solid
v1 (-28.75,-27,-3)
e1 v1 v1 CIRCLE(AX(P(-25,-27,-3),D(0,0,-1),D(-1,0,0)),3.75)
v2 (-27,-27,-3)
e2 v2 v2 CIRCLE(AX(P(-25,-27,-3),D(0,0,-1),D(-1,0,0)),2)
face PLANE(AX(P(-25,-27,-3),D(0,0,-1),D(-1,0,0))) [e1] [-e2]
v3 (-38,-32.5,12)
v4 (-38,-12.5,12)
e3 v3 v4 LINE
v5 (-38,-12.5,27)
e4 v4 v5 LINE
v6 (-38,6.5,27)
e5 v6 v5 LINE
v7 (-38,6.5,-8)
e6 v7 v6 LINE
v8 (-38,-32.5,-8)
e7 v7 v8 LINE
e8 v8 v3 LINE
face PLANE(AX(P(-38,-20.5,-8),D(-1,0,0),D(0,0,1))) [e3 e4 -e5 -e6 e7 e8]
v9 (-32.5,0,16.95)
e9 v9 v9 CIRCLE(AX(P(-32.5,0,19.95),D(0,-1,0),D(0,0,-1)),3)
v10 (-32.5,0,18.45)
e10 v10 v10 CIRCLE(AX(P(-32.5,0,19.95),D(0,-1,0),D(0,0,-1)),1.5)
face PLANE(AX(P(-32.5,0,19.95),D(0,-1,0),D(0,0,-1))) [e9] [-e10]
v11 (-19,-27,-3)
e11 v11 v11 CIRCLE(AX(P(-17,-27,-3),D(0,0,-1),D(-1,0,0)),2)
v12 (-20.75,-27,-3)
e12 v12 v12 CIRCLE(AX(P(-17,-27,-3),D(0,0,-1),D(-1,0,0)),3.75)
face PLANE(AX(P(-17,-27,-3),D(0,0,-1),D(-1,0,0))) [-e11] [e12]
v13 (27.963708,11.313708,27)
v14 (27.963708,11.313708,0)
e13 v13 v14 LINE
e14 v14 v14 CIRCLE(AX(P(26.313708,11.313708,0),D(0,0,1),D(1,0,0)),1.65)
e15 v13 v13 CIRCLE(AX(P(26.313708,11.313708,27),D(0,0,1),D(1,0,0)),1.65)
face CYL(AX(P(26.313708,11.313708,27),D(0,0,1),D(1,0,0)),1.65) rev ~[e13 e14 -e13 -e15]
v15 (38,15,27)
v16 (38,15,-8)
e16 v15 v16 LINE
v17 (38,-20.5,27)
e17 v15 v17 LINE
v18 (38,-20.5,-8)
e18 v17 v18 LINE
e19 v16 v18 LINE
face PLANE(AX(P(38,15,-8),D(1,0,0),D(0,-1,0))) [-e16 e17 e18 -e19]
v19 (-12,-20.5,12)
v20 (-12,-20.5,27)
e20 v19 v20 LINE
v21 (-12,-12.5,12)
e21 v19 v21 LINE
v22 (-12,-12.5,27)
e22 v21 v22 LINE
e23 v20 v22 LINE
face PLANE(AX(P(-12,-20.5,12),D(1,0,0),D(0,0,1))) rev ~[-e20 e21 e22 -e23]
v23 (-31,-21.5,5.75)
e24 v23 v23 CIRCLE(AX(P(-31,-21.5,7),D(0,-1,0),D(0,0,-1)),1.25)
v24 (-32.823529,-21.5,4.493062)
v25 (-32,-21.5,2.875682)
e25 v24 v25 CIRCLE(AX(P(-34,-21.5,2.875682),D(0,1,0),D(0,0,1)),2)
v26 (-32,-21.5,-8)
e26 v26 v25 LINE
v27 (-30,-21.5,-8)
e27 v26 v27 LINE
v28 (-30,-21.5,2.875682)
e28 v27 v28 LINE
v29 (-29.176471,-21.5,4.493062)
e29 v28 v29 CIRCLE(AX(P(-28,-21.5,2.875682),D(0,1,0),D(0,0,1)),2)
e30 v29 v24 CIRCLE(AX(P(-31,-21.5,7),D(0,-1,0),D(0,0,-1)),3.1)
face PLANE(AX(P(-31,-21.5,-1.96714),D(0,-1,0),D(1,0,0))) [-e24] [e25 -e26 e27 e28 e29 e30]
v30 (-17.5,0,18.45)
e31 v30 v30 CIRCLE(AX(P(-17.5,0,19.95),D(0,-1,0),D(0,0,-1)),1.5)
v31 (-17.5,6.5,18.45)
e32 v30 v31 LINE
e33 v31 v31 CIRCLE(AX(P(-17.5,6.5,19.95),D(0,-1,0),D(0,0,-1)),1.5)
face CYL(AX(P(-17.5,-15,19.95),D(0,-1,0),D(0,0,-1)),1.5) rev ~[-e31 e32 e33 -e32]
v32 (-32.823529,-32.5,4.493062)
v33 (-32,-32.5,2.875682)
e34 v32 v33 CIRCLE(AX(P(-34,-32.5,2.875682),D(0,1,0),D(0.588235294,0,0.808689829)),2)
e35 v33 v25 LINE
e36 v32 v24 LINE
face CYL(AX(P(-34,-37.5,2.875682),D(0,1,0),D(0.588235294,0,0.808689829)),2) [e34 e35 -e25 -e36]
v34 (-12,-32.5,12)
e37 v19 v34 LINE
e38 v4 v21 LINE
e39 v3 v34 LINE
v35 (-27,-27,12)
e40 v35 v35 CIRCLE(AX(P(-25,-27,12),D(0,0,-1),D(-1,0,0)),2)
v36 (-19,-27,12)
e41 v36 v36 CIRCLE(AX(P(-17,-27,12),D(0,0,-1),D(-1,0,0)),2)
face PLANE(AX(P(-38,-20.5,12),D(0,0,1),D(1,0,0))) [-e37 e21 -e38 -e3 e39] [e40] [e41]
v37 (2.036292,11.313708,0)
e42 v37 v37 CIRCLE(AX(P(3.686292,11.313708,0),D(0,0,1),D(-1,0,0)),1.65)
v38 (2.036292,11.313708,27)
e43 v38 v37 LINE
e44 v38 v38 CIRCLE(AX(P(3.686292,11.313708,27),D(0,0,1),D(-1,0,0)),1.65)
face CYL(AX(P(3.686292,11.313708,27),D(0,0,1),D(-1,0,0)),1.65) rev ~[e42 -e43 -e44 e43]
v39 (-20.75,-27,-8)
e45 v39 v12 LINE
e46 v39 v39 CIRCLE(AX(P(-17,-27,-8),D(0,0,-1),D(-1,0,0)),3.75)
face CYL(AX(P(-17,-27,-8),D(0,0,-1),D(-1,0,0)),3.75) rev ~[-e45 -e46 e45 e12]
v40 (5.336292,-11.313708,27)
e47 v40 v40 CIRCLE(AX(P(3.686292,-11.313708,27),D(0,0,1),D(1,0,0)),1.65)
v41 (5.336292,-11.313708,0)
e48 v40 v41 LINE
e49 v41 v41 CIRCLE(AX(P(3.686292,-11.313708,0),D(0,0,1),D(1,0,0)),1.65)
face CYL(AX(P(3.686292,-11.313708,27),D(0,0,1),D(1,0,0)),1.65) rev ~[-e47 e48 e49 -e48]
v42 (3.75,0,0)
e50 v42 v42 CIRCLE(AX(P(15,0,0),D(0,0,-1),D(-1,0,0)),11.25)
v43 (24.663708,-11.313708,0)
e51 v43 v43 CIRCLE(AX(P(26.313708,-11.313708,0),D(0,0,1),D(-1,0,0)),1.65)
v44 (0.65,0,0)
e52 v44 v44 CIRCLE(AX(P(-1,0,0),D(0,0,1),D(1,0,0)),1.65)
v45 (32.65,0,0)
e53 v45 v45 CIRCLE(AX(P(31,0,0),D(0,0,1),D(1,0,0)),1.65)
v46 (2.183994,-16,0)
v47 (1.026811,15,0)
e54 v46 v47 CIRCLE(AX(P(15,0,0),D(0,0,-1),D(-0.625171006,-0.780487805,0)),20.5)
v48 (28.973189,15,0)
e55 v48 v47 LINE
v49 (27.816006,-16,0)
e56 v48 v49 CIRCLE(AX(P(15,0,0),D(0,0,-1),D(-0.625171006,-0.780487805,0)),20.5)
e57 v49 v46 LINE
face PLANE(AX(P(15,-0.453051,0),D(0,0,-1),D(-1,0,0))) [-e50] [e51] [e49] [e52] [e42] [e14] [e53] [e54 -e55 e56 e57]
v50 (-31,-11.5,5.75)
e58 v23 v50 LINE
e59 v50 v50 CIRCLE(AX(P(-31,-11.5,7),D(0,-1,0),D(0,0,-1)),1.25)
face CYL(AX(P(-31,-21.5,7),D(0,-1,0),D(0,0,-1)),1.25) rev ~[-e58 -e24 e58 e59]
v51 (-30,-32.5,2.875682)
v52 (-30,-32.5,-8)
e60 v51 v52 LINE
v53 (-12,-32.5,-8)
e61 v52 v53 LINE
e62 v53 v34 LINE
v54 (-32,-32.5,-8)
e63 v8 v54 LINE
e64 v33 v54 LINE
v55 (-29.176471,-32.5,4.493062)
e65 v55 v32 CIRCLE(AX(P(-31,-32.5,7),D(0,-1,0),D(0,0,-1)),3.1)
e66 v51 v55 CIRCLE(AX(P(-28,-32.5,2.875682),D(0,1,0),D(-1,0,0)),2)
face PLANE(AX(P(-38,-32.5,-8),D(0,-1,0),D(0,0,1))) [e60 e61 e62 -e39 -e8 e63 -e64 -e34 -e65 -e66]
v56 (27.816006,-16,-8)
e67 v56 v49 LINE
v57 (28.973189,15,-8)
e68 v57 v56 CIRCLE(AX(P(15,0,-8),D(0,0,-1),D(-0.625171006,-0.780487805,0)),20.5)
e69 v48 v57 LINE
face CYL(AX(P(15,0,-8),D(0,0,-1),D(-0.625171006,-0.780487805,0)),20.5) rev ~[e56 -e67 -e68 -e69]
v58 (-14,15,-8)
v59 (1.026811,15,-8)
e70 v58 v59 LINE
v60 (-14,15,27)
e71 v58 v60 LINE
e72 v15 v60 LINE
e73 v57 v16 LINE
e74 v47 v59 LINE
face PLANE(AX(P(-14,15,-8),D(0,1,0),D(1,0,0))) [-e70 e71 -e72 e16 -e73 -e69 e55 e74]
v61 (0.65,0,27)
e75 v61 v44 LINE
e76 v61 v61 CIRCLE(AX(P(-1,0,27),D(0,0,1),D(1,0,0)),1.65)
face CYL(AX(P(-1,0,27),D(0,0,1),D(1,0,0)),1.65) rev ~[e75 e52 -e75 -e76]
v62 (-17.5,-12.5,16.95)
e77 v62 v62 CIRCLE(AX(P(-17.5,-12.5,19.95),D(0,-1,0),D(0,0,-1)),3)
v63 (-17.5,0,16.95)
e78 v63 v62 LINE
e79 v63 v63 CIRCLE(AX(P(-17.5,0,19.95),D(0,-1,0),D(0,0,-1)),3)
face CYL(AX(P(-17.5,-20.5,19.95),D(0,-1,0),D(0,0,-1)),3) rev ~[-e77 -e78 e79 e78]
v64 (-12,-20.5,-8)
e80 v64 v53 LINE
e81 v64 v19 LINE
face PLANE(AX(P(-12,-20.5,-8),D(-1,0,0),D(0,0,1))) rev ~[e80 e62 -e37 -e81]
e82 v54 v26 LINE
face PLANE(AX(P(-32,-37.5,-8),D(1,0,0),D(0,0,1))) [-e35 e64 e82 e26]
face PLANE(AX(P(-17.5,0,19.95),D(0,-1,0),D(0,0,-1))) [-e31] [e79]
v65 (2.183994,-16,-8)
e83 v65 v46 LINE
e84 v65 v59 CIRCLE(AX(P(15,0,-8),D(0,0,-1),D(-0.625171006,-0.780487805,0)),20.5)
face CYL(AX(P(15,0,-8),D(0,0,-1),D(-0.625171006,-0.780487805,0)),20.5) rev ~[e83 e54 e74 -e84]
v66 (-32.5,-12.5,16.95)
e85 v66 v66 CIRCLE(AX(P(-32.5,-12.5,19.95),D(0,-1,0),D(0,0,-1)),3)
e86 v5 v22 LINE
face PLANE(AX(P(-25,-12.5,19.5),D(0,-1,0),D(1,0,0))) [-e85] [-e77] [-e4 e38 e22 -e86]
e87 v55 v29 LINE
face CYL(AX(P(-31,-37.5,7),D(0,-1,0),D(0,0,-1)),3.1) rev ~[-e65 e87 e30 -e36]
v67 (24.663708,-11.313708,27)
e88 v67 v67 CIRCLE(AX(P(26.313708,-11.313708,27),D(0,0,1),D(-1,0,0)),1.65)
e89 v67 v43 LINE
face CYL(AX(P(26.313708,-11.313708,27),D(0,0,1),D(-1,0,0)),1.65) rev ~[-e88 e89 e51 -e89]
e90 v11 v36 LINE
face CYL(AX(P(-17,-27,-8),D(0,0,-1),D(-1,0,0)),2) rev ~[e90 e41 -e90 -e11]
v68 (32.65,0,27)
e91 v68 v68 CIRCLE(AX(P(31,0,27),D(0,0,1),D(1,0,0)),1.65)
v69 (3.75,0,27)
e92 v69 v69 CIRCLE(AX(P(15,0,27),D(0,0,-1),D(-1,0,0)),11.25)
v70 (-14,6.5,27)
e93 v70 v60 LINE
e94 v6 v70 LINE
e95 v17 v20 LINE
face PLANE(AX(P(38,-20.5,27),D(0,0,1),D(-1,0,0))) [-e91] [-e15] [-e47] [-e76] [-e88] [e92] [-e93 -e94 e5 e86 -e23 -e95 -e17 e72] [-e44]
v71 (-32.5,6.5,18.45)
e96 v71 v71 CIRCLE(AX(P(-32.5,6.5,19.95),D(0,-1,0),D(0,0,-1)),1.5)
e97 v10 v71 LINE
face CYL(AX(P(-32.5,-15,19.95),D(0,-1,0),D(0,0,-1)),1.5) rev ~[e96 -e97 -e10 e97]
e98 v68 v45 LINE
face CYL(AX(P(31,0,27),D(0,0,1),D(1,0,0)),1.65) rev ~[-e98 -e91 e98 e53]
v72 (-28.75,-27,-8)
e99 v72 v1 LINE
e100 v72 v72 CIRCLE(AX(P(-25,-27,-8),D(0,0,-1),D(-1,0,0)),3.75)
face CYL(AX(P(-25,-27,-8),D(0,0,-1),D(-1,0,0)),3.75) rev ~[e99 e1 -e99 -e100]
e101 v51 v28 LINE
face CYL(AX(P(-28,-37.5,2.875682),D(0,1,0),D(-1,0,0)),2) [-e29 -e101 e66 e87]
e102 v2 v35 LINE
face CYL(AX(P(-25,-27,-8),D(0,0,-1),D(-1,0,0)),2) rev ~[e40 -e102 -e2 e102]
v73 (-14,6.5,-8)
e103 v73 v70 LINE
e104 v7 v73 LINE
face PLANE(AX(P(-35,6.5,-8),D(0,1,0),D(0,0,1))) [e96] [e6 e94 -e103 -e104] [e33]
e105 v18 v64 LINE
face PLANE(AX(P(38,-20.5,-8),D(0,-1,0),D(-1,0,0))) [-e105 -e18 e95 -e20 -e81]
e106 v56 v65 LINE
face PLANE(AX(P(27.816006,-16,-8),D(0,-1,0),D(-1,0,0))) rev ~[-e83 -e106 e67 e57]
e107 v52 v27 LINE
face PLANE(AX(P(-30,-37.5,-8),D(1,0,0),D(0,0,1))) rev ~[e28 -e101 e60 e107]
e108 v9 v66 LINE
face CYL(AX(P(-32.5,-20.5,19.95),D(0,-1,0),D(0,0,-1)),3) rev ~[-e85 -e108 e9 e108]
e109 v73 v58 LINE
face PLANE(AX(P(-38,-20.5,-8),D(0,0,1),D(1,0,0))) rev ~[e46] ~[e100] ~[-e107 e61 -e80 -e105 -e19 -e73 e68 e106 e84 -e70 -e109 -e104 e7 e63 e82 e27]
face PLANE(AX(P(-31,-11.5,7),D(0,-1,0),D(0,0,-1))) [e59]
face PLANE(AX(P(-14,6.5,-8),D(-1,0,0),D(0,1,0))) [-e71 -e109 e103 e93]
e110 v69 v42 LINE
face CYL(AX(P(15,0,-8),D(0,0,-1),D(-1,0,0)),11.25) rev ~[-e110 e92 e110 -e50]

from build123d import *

# Parameters (mm, degrees)
SKETCH_1_W           = 70
SKETCH_1_H           = 30
EXTRUDE_1_DEPTH      = 27
CUT_EXTRUDE_1_DEPTH  = 47.679760068
SKETCH_3_R           = 1.65
CUT_EXTRUDE_2_DEPTH  = 47.679760068
SKETCH_4_W           = 21
SKETCH_4_H           = 8.5
CUT_EXTRUDE_3_DEPTH  = 47.679760068
SKETCH_7_R           = 11.25
CUT_EXTRUDE_5_DEPTH  = 47.679760068
SKETCH_8_W           = 21.5
SKETCH_8_H           = 21.5
EXTRUDE_2_DEPTH      = 8
SKETCH_10_R          = 1.5
CUT_EXTRUDE_6_DEPTH  = 54.422841557
SKETCH_12_W          = 35
SKETCH_12_H          = 21.5
EXTRUDE_3_DEPTH      = 3
SKETCH_13_R          = 3
CUT_EXTRUDE_7_DEPTH  = 15
SKETCH_14_R          = 1.65
EXTRUDE_4_DEPTH      = 27
SKETCH_15_W          = 27
SKETCH_15_H          = 30
EXTRUDE_5_DEPTH      = 3
EXTRUDE_START        = 5.5
SKETCH_16_R          = 3
EXTRUDE_6_DEPTH      = 5.5
SKETCH_22_W          = 26
SKETCH_22_H          = 15
CUT_EXTRUDE_9_DEPTH  = 8
EXTRUDE_START_2      = 8
SKETCH_20_R          = 11.25
EXTRUDE_8_DEPTH      = 8
CUT_EXTRUDE_8_DEPTH  = 8
SKETCH_23_W          = 26
SKETCH_23_H          = 20
EXTRUDE_9_DEPTH      = 17
SKETCH_24_R          = 2
CUT_EXTRUDE_10_DEPTH = 64.837684795
SKETCH_25_R          = 3.75
CUT_EXTRUDE_11_DEPTH = 5
SKETCH_26_R          = 3.1
CUT_EXTRUDE_12_DEPTH = 16
SKETCH_27_R          = 1.25
CUT_EXTRUDE_13_DEPTH = 10
SKETCH_28_W          = 2
SKETCH_28_H          = 12.06571985
CUT_EXTRUDE_14_DEPTH = 16
FILLET_1_R           = 2
SKETCH_29_W          = 20
SKETCH_29_H          = 5
CUT_EXTRUDE_15_DEPTH = 89.945207853


with BuildPart() as part:
    # 草图1 → 凸台-拉伸1 (new body)
    with BuildSketch(Plane.XY):
        Rectangle(SKETCH_1_W, SKETCH_1_H)
    extrude(amount=EXTRUDE_1_DEPTH)

    # 草图2 → 切除-拉伸1 (cut, through all)
    with BuildSketch(Plane.XY.offset(27)):
        with BuildLine():
            Line((28.228756555, -15), (35, -15))
            Line((35, -15), (35, 0))
            ThreePointArc((35, 0), (33.228756555, -8.228756555), (28.228756555, -15))
        make_face()
        with BuildLine():
            ThreePointArc((28.228756555, 15), (33.228756555, 8.228756555), (35, 0))
            Line((35, 0), (35, 15))
            Line((35, 15), (28.228756555, 15))
        make_face()
    extrude(amount=-CUT_EXTRUDE_1_DEPTH, mode=Mode.SUBTRACT)

    # 草图3 → 切除-拉伸2 (cut, through all)
    with BuildSketch(Plane.XY.offset(27)):
        with Locations((31, 0)):
            Circle(SKETCH_3_R)
        with Locations((26.313708499, 11.313708499)):
            Circle(SKETCH_3_R)
        with Locations(Location((26.313708499, -11.313708499, 0), (0, 0, 180))):
            Circle(SKETCH_3_R)
        with Locations(Location((3.686291501, 11.313708499, 0), (0, 0, 180))):
            Circle(SKETCH_3_R)
        with Locations((3.686291501, -11.313708499)):
            Circle(SKETCH_3_R)
        with Locations((-1, 0)):
            Circle(SKETCH_3_R)
    extrude(amount=-CUT_EXTRUDE_2_DEPTH, mode=Mode.SUBTRACT)

    # 草图4 → 切除-拉伸3 (cut, through all)
    with BuildSketch(Plane.XY.offset(27)):
        with Locations((-24.5, 10.75)):
            Rectangle(SKETCH_4_W, SKETCH_4_H)
    extrude(amount=-CUT_EXTRUDE_3_DEPTH, mode=Mode.SUBTRACT)

    # 草图7 → 切除-拉伸5 (cut, through all)
    with BuildSketch(Plane(origin=(0, 0, 0), x_dir=(-1, 0, 0), z_dir=(0, 0, -1))):
        with Locations((-15, 0)):
            Circle(SKETCH_7_R)
    extrude(amount=-CUT_EXTRUDE_5_DEPTH, mode=Mode.SUBTRACT)

    # 草图8 → 凸台-拉伸2 (add)
    with BuildSketch(Plane(origin=(0, 0, 0), x_dir=(-1, 0, 0), z_dir=(0, 0, -1))):
        with Locations((24.25, -4.25)):
            Rectangle(SKETCH_8_W, SKETCH_8_H)
    extrude(amount=EXTRUDE_2_DEPTH)

    # 草图10 → 切除-拉伸6 (cut, through all)
    with BuildSketch(Plane.XZ.offset(15)):
        with Locations(Location((-17.5, 19.95, 0), (0, 0, 270))):
            Circle(SKETCH_10_R)
        with Locations(Location((-32.5, 19.95, 0), (0, 0, 270))):
            Circle(SKETCH_10_R)
    extrude(amount=-CUT_EXTRUDE_6_DEPTH, mode=Mode.SUBTRACT)

    # 草图12 → 凸台-拉伸3 (add)
    with BuildSketch(Plane.ZY.offset(35)):
        with Locations((9.5, -4.25)):
            Rectangle(SKETCH_12_W, SKETCH_12_H)
    extrude(amount=EXTRUDE_3_DEPTH)

    # 草图13 → 切除-拉伸7 (cut)
    with BuildSketch(Plane.XZ.offset(15)):
        with Locations(Location((-32.5, 19.95, 0), (0, 0, 270))):
            Circle(SKETCH_13_R)
        with Locations(Location((-17.5, 19.95, 0), (0, 0, 270))):
            Circle(SKETCH_13_R)
    extrude(amount=-CUT_EXTRUDE_7_DEPTH, mode=Mode.SUBTRACT)

    # 草图14 → 凸台-拉伸4 (add)
    with BuildSketch(Plane.XY.offset(27)):
        Polygon((28.228756555, -15), (35, -15), (35, 0), (35, 15), (28.228756555, 15), (28.228756555, 12.920752662), (28.228756555, 9.706664336), (28.228756555, 0), (28.228756555, -9.706664336), (28.228756555, -12.920752662), align=None)
        with Locations((31, 0)):
            Circle(SKETCH_14_R, mode=Mode.SUBTRACT)
    extrude(amount=-EXTRUDE_4_DEPTH)

    # 草图15 → 凸台-拉伸5 (add)
    with BuildSketch(Plane(origin=(35, 0, 0), x_dir=(0, 0, -1), z_dir=(1, 0, 0))):
        with Locations((-13.5, 0)):
            Rectangle(SKETCH_15_W, SKETCH_15_H)
    extrude(amount=EXTRUDE_5_DEPTH)

    # 草图16 → 凸台-拉伸6 (add)
    with BuildSketch(Plane.XZ.offset(15).offset(EXTRUDE_START)):
        Polygon((-13.5, 0), (38, 0), (38, 27), (-38, 27), (-38, -8), (-13.5, -8), align=None)
        with Locations(Location((-32.5, 19.95, 0), (0, 0, 270))):
            Circle(SKETCH_16_R, mode=Mode.SUBTRACT)
        with Locations(Location((-17.5, 19.95, 0), (0, 0, 270))):
            Circle(SKETCH_16_R, mode=Mode.SUBTRACT)
    extrude(amount=-EXTRUDE_6_DEPTH)

    # 草图22 → 切除-拉伸9 (cut)
    with BuildSketch(Plane.XZ.offset(20.5)):
        with Locations((-25, 19.5)):
            Rectangle(SKETCH_22_W, SKETCH_22_H)
    extrude(amount=-CUT_EXTRUDE_9_DEPTH, mode=Mode.SUBTRACT)

    # 草图20 → 凸台-拉伸8 (add)
    with BuildSketch(Plane(origin=(0, 0, 0), x_dir=(-1, 0, 0), z_dir=(0, 0, -1)).offset(EXTRUDE_START_2)):
        Polygon((14, 15), (-38, 15), (-38, -20.5), (13.5, -20.5), (13.5, 6.5), (14, 6.5), align=None)
        with Locations((-15, 0)):
            Circle(SKETCH_20_R, mode=Mode.SUBTRACT)
    extrude(amount=-EXTRUDE_8_DEPTH)

    # 草图21 → 切除-拉伸8 (cut)
    with BuildSketch(Plane(origin=(0, 0, -8), x_dir=(-1, 0, 0), z_dir=(0, 0, -1))):
        with BuildLine():
            Line((-27.816005618, -16), (-2.183994382, -16))
            ThreePointArc((-2.183994382, -16), (-15, 20.5), (-27.816005618, -16))
        make_face()
    extrude(amount=-CUT_EXTRUDE_8_DEPTH, mode=Mode.SUBTRACT)

    # 草图23 → 凸台-拉伸9 (add)
    with BuildSketch(Plane.XZ.offset(20.5)):
        with Locations((-25, 2)):
            Rectangle(SKETCH_23_W, SKETCH_23_H)
    extrude(amount=EXTRUDE_9_DEPTH)

    # 草图24 → 切除-拉伸10 (cut, through all)
    with BuildSketch(Plane(origin=(0, 0, -8), x_dir=(-1, 0, 0), z_dir=(0, 0, -1))):
        with Locations((17, -27)):
            Circle(SKETCH_24_R)
        with Locations((25, -27)):
            Circle(SKETCH_24_R)
    extrude(amount=-CUT_EXTRUDE_10_DEPTH, mode=Mode.SUBTRACT)

    # 草图25 → 切除-拉伸11 (cut)
    with BuildSketch(Plane(origin=(0, 0, -8), x_dir=(-1, 0, 0), z_dir=(0, 0, -1))):
        with Locations((17, -27)):
            Circle(SKETCH_25_R)
        with Locations((25, -27)):
            Circle(SKETCH_25_R)
    extrude(amount=-CUT_EXTRUDE_11_DEPTH, mode=Mode.SUBTRACT)

    # 草图26 → 切除-拉伸12 (cut)
    with BuildSketch(Plane.XZ.offset(37.5)):
        with Locations(Location((-31, 7, 0), (0, 0, 270))):
            Circle(SKETCH_26_R)
    extrude(amount=-CUT_EXTRUDE_12_DEPTH, mode=Mode.SUBTRACT)

    # 草图27 → 切除-拉伸13 (cut)
    with BuildSketch(Plane.XZ.offset(21.5)):
        with Locations(Location((-31, 7, 0), (0, 0, 270))):
            Circle(SKETCH_27_R)
    extrude(amount=-CUT_EXTRUDE_13_DEPTH, mode=Mode.SUBTRACT)

    # 草图28 → 切除-拉伸14 (cut)
    with BuildSketch(Plane.XZ.offset(37.5)):
        with Locations((-31, -1.967140075)):
            Rectangle(SKETCH_28_W, SKETCH_28_H)
    extrude(amount=-CUT_EXTRUDE_14_DEPTH, mode=Mode.SUBTRACT)

    # 圆角1
    fillet_1_edges = [part.edges().sort_by_distance(p)[0] for p in [
        (-32, -29.5, 4.06571985),
        (-30, -29.5, 4.06571985),
    ]]
    fillet(fillet_1_edges, radius=FILLET_1_R)

    # 草图29 → 切除-拉伸15 (cut, through all)
    with BuildSketch(Plane.ZY.offset(38)):
        with Locations((2, -35)):
            Rectangle(SKETCH_29_W, SKETCH_29_H)
    extrude(amount=-CUT_EXTRUDE_15_DEPTH, mode=Mode.SUBTRACT)


solid = part.part
